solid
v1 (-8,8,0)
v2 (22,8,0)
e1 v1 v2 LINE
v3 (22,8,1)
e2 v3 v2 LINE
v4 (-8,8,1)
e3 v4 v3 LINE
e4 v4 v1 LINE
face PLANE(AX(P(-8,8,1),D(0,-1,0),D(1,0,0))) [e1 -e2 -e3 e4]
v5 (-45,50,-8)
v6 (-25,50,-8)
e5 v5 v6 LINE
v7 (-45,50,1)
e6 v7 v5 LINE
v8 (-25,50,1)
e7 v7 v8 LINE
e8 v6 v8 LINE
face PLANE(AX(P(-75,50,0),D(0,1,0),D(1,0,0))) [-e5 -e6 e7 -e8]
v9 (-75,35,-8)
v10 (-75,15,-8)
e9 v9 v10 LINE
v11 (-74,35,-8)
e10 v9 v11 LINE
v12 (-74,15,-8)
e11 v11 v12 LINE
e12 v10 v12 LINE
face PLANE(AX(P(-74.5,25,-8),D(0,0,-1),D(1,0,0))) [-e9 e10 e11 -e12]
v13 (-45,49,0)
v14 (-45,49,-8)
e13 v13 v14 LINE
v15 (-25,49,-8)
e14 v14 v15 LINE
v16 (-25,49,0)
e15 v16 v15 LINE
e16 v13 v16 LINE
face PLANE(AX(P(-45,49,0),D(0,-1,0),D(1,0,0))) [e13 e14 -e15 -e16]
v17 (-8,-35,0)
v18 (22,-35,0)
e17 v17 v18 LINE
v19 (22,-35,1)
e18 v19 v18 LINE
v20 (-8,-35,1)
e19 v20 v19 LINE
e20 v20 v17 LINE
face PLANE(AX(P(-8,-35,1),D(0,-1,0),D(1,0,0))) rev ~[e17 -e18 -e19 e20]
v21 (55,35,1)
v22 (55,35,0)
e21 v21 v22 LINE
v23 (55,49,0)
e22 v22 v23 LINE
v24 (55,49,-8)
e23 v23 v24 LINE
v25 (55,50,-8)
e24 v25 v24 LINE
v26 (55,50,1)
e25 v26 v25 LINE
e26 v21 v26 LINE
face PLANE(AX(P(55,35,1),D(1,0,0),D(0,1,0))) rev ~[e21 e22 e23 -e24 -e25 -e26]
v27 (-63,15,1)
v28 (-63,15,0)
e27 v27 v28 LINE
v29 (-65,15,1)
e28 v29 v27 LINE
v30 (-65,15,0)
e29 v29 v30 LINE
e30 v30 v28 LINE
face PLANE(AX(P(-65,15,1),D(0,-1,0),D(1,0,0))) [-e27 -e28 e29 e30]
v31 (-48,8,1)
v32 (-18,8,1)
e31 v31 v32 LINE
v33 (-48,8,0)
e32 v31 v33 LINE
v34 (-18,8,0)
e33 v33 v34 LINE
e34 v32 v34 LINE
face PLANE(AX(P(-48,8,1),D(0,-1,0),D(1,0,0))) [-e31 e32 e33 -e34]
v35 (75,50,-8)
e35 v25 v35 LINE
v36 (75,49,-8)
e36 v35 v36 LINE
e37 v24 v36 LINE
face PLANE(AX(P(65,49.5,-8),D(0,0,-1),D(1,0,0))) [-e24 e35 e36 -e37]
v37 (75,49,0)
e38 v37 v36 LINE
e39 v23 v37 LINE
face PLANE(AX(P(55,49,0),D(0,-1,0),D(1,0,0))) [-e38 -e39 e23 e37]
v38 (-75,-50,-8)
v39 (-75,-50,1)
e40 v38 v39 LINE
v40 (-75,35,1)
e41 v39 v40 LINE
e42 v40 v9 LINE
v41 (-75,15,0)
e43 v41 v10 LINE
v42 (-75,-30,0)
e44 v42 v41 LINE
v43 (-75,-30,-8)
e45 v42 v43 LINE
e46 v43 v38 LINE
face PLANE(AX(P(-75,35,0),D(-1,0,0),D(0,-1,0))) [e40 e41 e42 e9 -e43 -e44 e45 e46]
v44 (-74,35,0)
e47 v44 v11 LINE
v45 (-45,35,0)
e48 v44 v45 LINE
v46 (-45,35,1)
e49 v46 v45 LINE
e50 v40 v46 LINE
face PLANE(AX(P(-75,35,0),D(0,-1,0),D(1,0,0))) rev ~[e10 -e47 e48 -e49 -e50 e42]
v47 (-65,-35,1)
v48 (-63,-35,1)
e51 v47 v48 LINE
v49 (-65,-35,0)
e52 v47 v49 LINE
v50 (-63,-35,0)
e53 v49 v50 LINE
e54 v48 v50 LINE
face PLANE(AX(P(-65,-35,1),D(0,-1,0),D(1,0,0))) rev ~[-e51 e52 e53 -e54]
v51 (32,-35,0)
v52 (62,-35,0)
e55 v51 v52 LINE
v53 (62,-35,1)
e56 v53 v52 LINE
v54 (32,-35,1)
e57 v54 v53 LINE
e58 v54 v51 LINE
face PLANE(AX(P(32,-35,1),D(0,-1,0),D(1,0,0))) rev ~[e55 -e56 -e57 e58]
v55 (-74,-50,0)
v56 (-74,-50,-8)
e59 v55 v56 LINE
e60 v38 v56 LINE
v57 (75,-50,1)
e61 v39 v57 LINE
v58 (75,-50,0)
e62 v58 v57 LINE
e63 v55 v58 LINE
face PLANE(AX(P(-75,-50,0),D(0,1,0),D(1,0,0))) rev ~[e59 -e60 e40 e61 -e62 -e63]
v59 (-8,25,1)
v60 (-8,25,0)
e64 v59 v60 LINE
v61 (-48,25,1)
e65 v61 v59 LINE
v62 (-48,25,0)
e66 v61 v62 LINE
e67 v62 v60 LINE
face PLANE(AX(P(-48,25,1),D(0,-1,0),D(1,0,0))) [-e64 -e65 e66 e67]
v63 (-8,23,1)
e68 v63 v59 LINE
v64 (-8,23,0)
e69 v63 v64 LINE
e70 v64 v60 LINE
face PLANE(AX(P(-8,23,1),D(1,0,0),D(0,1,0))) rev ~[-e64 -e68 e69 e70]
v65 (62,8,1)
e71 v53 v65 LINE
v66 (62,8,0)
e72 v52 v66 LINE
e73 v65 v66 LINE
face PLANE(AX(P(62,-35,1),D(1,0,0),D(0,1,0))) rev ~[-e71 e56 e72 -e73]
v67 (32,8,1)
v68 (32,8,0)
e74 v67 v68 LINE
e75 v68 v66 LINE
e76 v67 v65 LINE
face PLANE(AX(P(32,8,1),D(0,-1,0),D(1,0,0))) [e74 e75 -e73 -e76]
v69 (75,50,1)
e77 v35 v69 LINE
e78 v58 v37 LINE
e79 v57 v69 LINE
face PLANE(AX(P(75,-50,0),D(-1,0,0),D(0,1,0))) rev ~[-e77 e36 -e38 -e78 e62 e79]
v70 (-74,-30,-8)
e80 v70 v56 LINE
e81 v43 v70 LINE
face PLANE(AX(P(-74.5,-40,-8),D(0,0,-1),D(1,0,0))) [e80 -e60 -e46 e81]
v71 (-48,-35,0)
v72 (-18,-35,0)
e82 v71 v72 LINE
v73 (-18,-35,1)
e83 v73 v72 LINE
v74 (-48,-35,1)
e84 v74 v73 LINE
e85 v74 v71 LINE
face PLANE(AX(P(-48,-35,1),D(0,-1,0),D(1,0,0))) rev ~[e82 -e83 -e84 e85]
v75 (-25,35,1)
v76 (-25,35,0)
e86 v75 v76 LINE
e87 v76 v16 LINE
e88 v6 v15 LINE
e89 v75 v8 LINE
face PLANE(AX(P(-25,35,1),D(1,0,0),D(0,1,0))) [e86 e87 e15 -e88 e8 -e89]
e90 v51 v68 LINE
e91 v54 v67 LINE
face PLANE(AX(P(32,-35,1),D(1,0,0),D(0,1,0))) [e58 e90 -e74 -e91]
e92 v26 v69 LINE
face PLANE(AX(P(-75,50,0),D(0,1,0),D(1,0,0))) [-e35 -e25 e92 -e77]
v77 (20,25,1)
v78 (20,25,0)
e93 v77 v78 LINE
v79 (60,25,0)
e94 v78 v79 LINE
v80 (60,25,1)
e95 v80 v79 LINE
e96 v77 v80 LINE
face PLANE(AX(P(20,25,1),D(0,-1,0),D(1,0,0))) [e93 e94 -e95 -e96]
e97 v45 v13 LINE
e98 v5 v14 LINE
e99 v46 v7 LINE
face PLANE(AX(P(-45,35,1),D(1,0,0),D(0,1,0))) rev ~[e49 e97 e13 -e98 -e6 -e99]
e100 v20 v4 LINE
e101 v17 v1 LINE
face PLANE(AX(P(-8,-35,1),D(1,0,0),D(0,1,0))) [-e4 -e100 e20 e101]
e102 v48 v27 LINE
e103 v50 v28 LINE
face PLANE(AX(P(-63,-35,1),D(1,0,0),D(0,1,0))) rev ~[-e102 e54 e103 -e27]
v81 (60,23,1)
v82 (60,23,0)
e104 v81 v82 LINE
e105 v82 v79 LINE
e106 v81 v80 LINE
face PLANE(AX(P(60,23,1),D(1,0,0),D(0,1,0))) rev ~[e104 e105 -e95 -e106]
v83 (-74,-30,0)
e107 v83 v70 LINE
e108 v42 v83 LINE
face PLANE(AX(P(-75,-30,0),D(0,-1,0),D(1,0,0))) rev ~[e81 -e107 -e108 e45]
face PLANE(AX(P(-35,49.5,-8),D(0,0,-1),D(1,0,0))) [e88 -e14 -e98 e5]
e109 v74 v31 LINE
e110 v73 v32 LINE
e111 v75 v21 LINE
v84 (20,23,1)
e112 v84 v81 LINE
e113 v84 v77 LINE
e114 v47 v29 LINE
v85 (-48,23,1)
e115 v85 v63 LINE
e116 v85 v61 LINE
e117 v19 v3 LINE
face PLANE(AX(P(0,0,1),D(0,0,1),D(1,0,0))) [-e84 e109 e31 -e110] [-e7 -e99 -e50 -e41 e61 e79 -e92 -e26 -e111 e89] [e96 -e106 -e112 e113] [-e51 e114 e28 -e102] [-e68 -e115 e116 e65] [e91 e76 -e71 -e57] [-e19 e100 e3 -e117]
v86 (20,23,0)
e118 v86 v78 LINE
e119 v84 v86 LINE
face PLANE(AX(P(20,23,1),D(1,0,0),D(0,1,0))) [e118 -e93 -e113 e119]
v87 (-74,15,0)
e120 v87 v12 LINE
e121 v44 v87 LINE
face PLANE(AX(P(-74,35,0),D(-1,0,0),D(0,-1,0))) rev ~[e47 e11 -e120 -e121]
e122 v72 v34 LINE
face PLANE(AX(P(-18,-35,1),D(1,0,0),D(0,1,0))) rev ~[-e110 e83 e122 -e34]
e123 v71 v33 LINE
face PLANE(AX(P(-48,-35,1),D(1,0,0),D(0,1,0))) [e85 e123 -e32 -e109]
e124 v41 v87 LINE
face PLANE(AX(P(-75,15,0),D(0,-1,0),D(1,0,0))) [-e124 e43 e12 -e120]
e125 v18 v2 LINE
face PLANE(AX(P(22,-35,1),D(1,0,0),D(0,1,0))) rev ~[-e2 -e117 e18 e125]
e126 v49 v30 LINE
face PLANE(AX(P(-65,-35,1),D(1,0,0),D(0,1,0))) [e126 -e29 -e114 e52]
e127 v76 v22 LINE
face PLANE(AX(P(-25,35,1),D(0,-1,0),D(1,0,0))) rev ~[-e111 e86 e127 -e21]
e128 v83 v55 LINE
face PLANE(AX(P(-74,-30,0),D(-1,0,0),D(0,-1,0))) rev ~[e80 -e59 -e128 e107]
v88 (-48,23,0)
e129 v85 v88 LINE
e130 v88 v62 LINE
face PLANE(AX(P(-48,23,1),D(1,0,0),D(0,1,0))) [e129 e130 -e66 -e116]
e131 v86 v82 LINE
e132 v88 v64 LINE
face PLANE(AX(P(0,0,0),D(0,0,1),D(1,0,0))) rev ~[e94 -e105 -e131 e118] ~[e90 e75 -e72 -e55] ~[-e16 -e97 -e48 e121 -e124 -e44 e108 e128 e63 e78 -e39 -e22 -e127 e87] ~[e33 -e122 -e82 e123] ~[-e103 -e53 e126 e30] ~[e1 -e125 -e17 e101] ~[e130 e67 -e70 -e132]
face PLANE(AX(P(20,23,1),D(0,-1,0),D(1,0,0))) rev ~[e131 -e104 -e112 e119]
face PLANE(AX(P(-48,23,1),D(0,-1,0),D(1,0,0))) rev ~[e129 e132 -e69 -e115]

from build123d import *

# Parameters (mm, degrees)
F0_W     = 150
F0_H     = 100
F1_DEPTH = 1
F2_W     = 30
F2_H     = 15
F2_W_2   = 80
F3_DEPTH = 1.001
F4_W     = 1
F4_H     = 20
F4_W_2   = 20
F4_H_2   = 1
F5_DEPTH = 8
F6_W     = 2
F6_H     = 50
F6_W_2   = 40
F6_H_2   = 2
F6_W_3   = 30
F6_H_3   = 43
F7_DEPTH = 9.001


with BuildPart() as f1:
    # F0 (on Top) → F1 (new body)
    with BuildSketch(Plane.XY):
        Rectangle(F0_W, F0_H)
    extrude(amount=F1_DEPTH)

    # F2 (on face) → F3 (cut, through all)
    with BuildSketch(Plane.XY.offset(1)):
        with Locations((-60, 42.5)):
            Rectangle(F2_W, F2_H)
        with Locations((15, 42.5)):
            Rectangle(F2_W_2, F2_H)
    extrude(amount=-F3_DEPTH, mode=Mode.SUBTRACT)

    # F4 (on face) → F5 (join)
    with BuildSketch(Plane(origin=(0, 0, 0), x_dir=(1, 0, 0), z_dir=(0, 0, -1))):
        with Locations((-74.5, -25)):
            Rectangle(F4_W, F4_H)
        with Locations((-35, -49.5)):
            Rectangle(F4_W_2, F4_H_2)
        with Locations((65, -49.5)):
            Rectangle(F4_W_2, F4_H_2)
        with Locations((-74.5, 40)):
            Rectangle(F4_W, F4_H)
    extrude(amount=F5_DEPTH)

    # F6 (on face) → F7 (cut, through all)
    with BuildSketch(Plane.XY.offset(1)):
        with Locations((-64, -10)):
            Rectangle(F6_W, F6_H)
        with Locations((-28, 24)):
            Rectangle(F6_W_2, F6_H_2)
        with Locations((40, 24)):
            Rectangle(F6_W_2, F6_H_2)
        with Locations((-33, -13.5)):
            Rectangle(F6_W_3, F6_H_3)
        with Locations((7, -13.5)):
            Rectangle(F6_W_3, F6_H_3)
        with Locations((47, -13.5)):
            Rectangle(F6_W_3, F6_H_3)
    extrude(amount=-F7_DEPTH, mode=Mode.SUBTRACT)


solid = f1.part
